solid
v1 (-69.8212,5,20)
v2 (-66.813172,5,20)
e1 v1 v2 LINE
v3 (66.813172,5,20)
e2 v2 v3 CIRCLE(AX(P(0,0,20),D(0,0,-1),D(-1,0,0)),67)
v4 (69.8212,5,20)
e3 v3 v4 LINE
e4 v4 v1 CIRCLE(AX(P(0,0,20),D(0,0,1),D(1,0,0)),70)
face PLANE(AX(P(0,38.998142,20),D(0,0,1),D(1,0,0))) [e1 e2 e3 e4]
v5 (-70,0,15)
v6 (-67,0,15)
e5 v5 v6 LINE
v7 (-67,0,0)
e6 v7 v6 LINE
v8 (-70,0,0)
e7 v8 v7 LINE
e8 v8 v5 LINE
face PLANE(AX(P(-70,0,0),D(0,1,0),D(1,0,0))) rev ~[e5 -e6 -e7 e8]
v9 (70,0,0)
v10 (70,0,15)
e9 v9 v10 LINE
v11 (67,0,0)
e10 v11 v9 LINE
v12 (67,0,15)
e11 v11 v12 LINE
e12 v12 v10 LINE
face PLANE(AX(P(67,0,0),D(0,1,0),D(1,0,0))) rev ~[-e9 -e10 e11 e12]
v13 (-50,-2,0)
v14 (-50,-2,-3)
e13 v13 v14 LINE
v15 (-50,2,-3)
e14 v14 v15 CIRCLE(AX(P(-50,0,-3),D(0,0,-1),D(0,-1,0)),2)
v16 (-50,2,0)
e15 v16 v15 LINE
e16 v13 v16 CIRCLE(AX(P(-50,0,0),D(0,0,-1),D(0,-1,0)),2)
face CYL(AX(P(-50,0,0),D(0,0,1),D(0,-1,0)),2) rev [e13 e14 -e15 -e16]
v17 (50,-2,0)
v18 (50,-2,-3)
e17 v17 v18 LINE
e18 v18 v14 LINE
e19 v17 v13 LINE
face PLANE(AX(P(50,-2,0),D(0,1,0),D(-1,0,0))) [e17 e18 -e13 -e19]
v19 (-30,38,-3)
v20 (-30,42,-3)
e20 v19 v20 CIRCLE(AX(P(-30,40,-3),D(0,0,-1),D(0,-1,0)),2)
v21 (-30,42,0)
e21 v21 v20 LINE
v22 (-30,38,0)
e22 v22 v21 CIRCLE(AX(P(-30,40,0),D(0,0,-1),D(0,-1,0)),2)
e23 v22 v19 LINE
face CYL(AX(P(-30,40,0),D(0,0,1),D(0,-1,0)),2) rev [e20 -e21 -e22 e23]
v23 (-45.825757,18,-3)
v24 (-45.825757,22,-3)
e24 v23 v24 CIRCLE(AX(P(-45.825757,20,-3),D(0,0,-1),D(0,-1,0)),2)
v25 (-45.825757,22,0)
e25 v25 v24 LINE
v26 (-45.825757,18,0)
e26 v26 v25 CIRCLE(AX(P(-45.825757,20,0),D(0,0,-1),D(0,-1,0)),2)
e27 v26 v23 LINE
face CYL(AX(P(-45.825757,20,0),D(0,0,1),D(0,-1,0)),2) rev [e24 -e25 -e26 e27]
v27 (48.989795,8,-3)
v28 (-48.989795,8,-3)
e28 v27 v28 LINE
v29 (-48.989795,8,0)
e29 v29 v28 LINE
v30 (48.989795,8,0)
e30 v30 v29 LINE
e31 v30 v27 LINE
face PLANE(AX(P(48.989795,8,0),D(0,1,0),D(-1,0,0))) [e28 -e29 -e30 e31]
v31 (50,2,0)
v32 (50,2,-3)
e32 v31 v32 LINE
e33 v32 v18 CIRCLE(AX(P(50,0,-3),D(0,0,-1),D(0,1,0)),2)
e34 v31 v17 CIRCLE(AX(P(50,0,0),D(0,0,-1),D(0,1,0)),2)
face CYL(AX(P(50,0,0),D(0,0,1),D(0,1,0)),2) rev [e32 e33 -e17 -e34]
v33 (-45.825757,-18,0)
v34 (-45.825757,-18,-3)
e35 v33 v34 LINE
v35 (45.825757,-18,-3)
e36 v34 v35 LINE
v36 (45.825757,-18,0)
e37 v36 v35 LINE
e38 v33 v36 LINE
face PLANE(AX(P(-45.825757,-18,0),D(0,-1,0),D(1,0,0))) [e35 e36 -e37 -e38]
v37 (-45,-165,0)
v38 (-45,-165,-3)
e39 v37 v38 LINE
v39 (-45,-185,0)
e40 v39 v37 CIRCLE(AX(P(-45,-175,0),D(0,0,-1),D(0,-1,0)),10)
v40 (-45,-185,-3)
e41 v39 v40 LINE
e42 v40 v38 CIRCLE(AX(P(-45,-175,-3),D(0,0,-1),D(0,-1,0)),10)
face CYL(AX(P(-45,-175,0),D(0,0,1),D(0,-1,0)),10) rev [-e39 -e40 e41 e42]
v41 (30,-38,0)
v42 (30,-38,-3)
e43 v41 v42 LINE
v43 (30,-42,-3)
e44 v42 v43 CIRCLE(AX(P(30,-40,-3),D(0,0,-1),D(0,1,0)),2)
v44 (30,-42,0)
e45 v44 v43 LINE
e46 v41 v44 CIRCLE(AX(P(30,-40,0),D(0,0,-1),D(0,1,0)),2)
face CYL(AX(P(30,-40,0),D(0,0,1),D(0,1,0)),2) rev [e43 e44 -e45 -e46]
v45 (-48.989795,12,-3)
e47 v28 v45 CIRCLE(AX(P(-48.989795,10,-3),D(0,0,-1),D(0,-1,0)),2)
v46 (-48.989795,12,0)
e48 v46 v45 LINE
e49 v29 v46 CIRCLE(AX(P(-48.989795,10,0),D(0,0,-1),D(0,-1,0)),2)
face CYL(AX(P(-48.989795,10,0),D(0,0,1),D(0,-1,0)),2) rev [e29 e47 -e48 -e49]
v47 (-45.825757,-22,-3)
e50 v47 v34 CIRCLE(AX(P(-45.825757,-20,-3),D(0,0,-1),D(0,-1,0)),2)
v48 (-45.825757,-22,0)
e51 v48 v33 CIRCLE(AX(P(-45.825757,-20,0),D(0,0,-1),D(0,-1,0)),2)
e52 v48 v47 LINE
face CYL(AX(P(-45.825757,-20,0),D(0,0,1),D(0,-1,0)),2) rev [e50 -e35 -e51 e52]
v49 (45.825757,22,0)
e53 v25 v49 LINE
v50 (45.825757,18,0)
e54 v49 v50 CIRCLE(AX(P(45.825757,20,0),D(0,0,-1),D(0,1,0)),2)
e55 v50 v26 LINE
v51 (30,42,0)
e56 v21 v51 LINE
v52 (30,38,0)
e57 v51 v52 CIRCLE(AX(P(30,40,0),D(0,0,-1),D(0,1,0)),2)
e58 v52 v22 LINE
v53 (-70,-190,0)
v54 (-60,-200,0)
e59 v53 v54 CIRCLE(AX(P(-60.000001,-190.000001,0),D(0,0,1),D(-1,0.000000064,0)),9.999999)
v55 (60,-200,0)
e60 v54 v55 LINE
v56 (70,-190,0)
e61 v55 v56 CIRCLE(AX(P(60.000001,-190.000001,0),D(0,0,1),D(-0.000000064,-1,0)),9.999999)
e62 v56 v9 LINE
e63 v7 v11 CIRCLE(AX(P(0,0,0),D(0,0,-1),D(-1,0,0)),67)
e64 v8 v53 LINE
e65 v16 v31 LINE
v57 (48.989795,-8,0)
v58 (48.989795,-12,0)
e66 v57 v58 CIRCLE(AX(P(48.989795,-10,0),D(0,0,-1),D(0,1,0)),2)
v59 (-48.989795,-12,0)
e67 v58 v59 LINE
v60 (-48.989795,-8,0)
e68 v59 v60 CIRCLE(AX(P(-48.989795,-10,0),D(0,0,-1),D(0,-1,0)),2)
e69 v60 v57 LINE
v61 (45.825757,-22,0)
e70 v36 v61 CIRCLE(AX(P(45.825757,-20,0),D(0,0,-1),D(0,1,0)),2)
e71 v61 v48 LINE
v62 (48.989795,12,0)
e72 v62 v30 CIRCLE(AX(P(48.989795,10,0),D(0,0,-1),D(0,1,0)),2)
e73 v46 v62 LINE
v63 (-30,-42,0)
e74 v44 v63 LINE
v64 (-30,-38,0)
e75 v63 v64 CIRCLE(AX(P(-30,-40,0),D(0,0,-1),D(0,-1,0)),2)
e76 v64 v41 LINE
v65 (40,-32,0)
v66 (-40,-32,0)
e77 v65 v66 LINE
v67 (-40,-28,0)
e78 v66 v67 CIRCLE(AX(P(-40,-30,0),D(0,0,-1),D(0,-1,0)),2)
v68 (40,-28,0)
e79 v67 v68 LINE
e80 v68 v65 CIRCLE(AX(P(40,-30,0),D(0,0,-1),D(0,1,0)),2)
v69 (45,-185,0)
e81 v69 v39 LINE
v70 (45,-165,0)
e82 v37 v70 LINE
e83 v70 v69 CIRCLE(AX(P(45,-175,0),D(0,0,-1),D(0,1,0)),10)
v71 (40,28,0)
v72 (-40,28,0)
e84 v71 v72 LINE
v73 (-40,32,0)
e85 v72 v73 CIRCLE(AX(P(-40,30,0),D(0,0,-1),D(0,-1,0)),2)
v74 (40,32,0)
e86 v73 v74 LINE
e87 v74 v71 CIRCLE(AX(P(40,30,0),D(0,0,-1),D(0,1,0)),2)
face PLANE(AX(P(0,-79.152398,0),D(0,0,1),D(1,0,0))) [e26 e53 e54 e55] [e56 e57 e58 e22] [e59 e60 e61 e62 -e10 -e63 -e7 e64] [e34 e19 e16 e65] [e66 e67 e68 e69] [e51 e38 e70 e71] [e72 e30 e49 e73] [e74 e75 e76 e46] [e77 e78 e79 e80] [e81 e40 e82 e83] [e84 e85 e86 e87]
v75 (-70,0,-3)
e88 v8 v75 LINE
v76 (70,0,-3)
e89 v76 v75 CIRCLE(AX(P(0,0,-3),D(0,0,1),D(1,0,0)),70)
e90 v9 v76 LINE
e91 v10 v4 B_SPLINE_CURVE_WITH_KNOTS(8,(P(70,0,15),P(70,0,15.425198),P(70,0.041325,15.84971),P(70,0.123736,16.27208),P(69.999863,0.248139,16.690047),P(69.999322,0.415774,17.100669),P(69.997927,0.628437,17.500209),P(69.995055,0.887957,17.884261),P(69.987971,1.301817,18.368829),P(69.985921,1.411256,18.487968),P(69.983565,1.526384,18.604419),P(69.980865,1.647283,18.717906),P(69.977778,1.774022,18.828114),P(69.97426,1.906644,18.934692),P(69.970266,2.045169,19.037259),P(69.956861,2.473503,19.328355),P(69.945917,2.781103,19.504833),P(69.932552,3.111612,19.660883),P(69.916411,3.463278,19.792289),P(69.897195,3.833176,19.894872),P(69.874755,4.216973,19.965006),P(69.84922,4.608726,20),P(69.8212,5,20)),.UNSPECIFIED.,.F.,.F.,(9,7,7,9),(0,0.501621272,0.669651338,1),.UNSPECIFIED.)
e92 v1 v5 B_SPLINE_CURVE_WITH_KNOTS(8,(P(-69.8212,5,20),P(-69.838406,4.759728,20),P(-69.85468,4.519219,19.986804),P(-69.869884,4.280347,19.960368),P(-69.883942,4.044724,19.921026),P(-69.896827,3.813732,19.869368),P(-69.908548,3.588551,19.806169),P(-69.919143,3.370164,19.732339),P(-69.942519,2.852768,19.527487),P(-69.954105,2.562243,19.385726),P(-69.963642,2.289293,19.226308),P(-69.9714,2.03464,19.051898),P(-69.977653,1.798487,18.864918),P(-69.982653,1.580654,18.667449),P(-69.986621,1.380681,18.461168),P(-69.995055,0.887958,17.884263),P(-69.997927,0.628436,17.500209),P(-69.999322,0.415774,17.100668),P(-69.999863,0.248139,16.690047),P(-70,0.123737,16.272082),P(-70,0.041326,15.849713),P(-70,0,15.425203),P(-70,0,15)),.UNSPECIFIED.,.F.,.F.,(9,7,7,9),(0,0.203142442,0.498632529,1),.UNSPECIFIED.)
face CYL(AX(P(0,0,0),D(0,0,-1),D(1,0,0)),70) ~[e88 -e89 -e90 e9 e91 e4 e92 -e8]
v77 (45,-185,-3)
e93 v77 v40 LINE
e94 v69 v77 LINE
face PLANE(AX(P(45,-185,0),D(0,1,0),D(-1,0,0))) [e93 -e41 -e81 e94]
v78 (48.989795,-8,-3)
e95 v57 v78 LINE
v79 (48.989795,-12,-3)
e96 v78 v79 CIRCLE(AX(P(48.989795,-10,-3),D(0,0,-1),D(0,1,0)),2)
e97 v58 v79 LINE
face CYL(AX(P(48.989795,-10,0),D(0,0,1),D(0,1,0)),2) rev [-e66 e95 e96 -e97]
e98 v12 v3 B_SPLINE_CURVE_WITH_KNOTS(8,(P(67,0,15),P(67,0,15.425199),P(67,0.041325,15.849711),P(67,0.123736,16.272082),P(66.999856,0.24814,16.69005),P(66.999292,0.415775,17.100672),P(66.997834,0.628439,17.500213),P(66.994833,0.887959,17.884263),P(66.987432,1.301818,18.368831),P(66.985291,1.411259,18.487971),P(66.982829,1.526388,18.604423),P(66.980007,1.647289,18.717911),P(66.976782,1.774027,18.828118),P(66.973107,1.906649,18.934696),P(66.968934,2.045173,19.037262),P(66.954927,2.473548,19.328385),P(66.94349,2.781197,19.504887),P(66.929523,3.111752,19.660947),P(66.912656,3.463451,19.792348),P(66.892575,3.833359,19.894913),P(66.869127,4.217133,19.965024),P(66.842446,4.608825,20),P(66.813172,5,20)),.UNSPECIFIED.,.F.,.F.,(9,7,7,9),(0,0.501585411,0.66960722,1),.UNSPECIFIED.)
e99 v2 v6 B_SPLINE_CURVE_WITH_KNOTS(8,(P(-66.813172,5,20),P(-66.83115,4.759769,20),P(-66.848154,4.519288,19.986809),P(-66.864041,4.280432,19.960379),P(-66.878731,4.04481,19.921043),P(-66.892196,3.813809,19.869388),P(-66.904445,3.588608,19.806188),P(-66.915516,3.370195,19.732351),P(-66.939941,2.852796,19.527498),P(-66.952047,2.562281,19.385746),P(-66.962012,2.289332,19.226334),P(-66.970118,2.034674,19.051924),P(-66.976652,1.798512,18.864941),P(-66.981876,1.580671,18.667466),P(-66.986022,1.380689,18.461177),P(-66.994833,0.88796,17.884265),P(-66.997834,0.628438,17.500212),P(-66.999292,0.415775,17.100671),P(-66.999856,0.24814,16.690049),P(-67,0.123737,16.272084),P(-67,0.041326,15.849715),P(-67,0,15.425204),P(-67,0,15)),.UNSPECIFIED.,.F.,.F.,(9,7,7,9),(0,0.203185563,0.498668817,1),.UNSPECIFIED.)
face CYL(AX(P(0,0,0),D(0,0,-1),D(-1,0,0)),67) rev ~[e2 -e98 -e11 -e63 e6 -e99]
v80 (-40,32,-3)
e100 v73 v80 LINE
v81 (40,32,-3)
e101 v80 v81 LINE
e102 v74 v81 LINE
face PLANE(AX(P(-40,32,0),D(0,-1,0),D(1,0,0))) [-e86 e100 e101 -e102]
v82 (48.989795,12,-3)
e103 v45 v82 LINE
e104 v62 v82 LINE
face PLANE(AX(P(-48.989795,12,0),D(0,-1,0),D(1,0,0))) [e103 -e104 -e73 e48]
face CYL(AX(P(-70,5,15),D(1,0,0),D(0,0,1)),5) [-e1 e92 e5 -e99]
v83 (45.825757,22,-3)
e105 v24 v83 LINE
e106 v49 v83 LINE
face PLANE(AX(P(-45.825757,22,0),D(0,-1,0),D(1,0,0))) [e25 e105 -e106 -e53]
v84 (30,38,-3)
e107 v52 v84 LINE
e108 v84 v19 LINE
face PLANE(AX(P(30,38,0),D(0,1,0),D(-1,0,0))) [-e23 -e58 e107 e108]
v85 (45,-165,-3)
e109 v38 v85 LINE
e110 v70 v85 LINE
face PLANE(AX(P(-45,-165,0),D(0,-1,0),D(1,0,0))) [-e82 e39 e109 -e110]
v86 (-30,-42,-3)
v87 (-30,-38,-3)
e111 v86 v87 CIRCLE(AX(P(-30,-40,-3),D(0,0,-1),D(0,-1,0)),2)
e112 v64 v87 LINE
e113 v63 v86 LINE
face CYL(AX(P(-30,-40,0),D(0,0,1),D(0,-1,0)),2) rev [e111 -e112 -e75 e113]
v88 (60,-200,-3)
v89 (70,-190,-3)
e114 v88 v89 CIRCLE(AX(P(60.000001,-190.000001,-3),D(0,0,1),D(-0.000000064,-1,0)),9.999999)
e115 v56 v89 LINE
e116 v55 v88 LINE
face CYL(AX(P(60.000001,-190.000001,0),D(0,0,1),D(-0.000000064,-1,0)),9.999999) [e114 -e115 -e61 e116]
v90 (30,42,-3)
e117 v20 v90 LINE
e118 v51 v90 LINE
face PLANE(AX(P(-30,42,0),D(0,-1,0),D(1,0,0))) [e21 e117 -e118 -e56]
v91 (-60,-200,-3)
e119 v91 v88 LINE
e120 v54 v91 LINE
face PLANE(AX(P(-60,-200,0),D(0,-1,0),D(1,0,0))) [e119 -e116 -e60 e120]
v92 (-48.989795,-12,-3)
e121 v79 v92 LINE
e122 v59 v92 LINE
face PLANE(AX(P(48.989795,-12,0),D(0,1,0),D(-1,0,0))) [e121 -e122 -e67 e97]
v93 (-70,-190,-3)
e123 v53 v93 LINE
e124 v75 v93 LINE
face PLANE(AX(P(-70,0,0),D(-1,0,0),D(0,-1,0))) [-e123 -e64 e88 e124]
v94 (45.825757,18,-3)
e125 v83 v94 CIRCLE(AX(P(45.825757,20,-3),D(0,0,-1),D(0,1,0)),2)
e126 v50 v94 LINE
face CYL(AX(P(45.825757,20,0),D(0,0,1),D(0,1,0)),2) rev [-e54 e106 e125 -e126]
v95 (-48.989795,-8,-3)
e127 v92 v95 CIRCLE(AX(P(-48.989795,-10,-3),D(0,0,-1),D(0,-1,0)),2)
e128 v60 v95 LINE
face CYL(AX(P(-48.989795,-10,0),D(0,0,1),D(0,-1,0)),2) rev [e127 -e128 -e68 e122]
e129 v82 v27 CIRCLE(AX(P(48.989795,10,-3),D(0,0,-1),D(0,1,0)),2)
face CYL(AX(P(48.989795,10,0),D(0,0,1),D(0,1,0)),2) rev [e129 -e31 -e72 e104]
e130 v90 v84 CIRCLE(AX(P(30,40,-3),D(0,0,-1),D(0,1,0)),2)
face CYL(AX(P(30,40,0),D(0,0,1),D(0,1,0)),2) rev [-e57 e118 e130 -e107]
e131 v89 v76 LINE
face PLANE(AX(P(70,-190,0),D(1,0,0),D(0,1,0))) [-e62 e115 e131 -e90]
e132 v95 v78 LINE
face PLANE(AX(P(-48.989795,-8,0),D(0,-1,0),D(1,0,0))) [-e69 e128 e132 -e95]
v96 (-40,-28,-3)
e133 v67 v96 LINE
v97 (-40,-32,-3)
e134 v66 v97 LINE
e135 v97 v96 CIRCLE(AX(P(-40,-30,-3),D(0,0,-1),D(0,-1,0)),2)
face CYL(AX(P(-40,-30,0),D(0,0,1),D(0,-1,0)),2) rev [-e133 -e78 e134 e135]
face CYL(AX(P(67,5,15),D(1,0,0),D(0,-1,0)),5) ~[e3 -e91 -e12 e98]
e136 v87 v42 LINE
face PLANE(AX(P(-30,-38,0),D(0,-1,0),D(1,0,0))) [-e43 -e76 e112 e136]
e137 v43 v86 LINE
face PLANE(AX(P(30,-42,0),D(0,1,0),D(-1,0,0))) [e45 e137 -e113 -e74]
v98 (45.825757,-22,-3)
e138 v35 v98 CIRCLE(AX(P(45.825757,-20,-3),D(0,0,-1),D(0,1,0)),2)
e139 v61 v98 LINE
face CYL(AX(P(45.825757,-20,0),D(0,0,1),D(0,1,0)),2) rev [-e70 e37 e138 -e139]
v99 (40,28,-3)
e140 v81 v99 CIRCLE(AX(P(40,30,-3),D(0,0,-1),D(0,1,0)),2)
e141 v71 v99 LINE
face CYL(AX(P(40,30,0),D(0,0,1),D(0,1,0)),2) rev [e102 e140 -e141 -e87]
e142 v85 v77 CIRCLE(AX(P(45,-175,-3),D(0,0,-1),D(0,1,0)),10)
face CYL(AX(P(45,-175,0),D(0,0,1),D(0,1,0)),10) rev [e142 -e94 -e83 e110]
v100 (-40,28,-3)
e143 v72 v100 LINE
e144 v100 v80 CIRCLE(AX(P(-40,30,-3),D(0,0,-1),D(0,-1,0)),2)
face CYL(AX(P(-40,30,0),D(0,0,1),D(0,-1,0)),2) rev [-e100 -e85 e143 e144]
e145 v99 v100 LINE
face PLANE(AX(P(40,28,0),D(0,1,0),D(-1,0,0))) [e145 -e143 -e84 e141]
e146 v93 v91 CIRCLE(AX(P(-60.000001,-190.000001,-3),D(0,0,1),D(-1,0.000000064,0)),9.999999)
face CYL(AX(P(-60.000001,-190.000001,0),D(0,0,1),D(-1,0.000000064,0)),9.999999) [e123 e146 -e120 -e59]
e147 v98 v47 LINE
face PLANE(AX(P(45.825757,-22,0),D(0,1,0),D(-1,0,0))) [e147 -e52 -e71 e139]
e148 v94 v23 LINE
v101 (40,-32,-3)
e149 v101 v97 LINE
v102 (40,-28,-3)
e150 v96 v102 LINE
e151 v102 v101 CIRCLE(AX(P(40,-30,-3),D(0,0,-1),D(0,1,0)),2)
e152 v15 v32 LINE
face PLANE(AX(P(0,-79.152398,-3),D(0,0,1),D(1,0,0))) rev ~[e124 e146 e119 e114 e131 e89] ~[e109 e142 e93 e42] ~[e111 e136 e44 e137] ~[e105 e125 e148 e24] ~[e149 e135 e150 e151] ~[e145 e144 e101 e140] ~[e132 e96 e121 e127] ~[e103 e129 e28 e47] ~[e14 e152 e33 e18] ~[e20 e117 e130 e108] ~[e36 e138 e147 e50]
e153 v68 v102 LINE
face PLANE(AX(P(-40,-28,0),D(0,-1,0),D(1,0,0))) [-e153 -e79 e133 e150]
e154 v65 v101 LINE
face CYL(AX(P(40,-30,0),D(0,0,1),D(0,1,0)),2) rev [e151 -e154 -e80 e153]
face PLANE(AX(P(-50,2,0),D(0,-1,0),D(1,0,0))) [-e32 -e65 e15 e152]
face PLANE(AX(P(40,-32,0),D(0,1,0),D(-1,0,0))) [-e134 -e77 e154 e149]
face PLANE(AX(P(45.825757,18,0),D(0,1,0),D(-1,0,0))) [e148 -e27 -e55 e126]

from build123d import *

# Parameters (mm, degrees)
F1_DEPTH = 3
F2_DEPTH = 20
F3_R     = 5


with BuildPart() as f1:
    # F0 (on Top) → F1 (new body)
    with BuildSketch(Plane.XY):
        with BuildLine():
            Line((70, -190), (70, 0))
            Line((70, 0), (67, 0))
            ThreePointArc((67, 0), (0, 67), (-67, 0))
            Line((-67, 0), (-70, 0))
            Line((-70, 0), (-70, -190))
            ThreePointArc((-70, -190), (-67.071068, -197.071068), (-60, -200))
            Line((-60, -200), (60, -200))
            ThreePointArc((60, -200), (67.071068, -197.071068), (70, -190))
        make_face()
        with BuildLine():
            Line((45, -185), (-45, -185))
            ThreePointArc((-45, -185), (-55, -175), (-45, -165))
            Line((-45, -165), (45, -165))
            ThreePointArc((45, -165), (55, -175), (45, -185))
        make_face(mode=Mode.SUBTRACT)
        with BuildLine():
            ThreePointArc((30, -38), (32, -40), (30, -42))
            Line((30, -42), (-30, -42))
            ThreePointArc((-30, -42), (-32, -40), (-30, -38))
            Line((-30, -38), (30, -38))
        make_face(mode=Mode.SUBTRACT)
        with BuildLine():
            ThreePointArc((-40, -32), (-42, -30), (-40, -28))
            Line((-40, -28), (40, -28))
            ThreePointArc((40, -28), (42, -30), (40, -32))
            Line((40, -32), (-40, -32))
        make_face(mode=Mode.SUBTRACT)
        with BuildLine():
            ThreePointArc((45.825757, -18), (47.825757, -20), (45.825757, -22))
            Line((45.825757, -22), (-45.825757, -22))
            ThreePointArc((-45.825757, -22), (-47.825757, -20), (-45.825757, -18))
            Line((-45.825757, -18), (45.825757, -18))
        make_face(mode=Mode.SUBTRACT)
        with BuildLine():
            ThreePointArc((-48.989795, -12), (-50.989795, -10), (-48.989795, -8))
            Line((-48.989795, -8), (48.989795, -8))
            ThreePointArc((48.989795, -8), (50.989795, -10), (48.989795, -12))
            Line((48.989795, -12), (-48.989795, -12))
        make_face(mode=Mode.SUBTRACT)
        with BuildLine():
            Line((50, -2), (-50, -2))
            ThreePointArc((-50, -2), (-52, 0), (-50, 2))
            Line((-50, 2), (50, 2))
            ThreePointArc((50, 2), (52, 0), (50, -2))
        make_face(mode=Mode.SUBTRACT)
        with BuildLine():
            Line((48.989795, 8), (-48.989795, 8))
            ThreePointArc((-48.989795, 8), (-50.989795, 10), (-48.989795, 12))
            Line((-48.989795, 12), (48.989795, 12))
            ThreePointArc((48.989795, 12), (50.989795, 10), (48.989795, 8))
        make_face(mode=Mode.SUBTRACT)
        with BuildLine():
            Line((45.825757, 18), (-45.825757, 18))
            ThreePointArc((-45.825757, 18), (-47.825757, 20), (-45.825757, 22))
            Line((-45.825757, 22), (45.825757, 22))
            ThreePointArc((45.825757, 22), (47.825757, 20), (45.825757, 18))
        make_face(mode=Mode.SUBTRACT)
        with BuildLine():
            Line((40, 28), (-40, 28))
            ThreePointArc((-40, 28), (-42, 30), (-40, 32))
            Line((-40, 32), (40, 32))
            ThreePointArc((40, 32), (42, 30), (40, 28))
        make_face(mode=Mode.SUBTRACT)
        with BuildLine():
            Line((30, 38), (-30, 38))
            ThreePointArc((-30, 38), (-32, 40), (-30, 42))
            Line((-30, 42), (30, 42))
            ThreePointArc((30, 42), (32, 40), (30, 38))
        make_face(mode=Mode.SUBTRACT)
        with BuildLine():
            Line((67, 0), (70, 0))
            ThreePointArc((70, 0), (0, 70), (-70, 0))
            Line((-70, 0), (-67, 0))
            ThreePointArc((-67, 0), (0, 67), (67, 0))
        make_face()
    extrude(amount=-F1_DEPTH)

    # F0 (on Top) → F2 (join)
    with BuildSketch(Plane.XY):
        with BuildLine():
            Line((67, 0), (70, 0))
            ThreePointArc((70, 0), (0, 70), (-70, 0))
            Line((-70, 0), (-67, 0))
            ThreePointArc((-67, 0), (0, 67), (67, 0))
        make_face()
    extrude(amount=F2_DEPTH)

    # F3
    f3_edges = [f1.edges().sort_by_distance(p)[0] for p in [
        (-68.5, 0, 20),
        (68.5, 0, 20),
    ]]
    fillet(f3_edges, radius=F3_R)


solid = f1.part
